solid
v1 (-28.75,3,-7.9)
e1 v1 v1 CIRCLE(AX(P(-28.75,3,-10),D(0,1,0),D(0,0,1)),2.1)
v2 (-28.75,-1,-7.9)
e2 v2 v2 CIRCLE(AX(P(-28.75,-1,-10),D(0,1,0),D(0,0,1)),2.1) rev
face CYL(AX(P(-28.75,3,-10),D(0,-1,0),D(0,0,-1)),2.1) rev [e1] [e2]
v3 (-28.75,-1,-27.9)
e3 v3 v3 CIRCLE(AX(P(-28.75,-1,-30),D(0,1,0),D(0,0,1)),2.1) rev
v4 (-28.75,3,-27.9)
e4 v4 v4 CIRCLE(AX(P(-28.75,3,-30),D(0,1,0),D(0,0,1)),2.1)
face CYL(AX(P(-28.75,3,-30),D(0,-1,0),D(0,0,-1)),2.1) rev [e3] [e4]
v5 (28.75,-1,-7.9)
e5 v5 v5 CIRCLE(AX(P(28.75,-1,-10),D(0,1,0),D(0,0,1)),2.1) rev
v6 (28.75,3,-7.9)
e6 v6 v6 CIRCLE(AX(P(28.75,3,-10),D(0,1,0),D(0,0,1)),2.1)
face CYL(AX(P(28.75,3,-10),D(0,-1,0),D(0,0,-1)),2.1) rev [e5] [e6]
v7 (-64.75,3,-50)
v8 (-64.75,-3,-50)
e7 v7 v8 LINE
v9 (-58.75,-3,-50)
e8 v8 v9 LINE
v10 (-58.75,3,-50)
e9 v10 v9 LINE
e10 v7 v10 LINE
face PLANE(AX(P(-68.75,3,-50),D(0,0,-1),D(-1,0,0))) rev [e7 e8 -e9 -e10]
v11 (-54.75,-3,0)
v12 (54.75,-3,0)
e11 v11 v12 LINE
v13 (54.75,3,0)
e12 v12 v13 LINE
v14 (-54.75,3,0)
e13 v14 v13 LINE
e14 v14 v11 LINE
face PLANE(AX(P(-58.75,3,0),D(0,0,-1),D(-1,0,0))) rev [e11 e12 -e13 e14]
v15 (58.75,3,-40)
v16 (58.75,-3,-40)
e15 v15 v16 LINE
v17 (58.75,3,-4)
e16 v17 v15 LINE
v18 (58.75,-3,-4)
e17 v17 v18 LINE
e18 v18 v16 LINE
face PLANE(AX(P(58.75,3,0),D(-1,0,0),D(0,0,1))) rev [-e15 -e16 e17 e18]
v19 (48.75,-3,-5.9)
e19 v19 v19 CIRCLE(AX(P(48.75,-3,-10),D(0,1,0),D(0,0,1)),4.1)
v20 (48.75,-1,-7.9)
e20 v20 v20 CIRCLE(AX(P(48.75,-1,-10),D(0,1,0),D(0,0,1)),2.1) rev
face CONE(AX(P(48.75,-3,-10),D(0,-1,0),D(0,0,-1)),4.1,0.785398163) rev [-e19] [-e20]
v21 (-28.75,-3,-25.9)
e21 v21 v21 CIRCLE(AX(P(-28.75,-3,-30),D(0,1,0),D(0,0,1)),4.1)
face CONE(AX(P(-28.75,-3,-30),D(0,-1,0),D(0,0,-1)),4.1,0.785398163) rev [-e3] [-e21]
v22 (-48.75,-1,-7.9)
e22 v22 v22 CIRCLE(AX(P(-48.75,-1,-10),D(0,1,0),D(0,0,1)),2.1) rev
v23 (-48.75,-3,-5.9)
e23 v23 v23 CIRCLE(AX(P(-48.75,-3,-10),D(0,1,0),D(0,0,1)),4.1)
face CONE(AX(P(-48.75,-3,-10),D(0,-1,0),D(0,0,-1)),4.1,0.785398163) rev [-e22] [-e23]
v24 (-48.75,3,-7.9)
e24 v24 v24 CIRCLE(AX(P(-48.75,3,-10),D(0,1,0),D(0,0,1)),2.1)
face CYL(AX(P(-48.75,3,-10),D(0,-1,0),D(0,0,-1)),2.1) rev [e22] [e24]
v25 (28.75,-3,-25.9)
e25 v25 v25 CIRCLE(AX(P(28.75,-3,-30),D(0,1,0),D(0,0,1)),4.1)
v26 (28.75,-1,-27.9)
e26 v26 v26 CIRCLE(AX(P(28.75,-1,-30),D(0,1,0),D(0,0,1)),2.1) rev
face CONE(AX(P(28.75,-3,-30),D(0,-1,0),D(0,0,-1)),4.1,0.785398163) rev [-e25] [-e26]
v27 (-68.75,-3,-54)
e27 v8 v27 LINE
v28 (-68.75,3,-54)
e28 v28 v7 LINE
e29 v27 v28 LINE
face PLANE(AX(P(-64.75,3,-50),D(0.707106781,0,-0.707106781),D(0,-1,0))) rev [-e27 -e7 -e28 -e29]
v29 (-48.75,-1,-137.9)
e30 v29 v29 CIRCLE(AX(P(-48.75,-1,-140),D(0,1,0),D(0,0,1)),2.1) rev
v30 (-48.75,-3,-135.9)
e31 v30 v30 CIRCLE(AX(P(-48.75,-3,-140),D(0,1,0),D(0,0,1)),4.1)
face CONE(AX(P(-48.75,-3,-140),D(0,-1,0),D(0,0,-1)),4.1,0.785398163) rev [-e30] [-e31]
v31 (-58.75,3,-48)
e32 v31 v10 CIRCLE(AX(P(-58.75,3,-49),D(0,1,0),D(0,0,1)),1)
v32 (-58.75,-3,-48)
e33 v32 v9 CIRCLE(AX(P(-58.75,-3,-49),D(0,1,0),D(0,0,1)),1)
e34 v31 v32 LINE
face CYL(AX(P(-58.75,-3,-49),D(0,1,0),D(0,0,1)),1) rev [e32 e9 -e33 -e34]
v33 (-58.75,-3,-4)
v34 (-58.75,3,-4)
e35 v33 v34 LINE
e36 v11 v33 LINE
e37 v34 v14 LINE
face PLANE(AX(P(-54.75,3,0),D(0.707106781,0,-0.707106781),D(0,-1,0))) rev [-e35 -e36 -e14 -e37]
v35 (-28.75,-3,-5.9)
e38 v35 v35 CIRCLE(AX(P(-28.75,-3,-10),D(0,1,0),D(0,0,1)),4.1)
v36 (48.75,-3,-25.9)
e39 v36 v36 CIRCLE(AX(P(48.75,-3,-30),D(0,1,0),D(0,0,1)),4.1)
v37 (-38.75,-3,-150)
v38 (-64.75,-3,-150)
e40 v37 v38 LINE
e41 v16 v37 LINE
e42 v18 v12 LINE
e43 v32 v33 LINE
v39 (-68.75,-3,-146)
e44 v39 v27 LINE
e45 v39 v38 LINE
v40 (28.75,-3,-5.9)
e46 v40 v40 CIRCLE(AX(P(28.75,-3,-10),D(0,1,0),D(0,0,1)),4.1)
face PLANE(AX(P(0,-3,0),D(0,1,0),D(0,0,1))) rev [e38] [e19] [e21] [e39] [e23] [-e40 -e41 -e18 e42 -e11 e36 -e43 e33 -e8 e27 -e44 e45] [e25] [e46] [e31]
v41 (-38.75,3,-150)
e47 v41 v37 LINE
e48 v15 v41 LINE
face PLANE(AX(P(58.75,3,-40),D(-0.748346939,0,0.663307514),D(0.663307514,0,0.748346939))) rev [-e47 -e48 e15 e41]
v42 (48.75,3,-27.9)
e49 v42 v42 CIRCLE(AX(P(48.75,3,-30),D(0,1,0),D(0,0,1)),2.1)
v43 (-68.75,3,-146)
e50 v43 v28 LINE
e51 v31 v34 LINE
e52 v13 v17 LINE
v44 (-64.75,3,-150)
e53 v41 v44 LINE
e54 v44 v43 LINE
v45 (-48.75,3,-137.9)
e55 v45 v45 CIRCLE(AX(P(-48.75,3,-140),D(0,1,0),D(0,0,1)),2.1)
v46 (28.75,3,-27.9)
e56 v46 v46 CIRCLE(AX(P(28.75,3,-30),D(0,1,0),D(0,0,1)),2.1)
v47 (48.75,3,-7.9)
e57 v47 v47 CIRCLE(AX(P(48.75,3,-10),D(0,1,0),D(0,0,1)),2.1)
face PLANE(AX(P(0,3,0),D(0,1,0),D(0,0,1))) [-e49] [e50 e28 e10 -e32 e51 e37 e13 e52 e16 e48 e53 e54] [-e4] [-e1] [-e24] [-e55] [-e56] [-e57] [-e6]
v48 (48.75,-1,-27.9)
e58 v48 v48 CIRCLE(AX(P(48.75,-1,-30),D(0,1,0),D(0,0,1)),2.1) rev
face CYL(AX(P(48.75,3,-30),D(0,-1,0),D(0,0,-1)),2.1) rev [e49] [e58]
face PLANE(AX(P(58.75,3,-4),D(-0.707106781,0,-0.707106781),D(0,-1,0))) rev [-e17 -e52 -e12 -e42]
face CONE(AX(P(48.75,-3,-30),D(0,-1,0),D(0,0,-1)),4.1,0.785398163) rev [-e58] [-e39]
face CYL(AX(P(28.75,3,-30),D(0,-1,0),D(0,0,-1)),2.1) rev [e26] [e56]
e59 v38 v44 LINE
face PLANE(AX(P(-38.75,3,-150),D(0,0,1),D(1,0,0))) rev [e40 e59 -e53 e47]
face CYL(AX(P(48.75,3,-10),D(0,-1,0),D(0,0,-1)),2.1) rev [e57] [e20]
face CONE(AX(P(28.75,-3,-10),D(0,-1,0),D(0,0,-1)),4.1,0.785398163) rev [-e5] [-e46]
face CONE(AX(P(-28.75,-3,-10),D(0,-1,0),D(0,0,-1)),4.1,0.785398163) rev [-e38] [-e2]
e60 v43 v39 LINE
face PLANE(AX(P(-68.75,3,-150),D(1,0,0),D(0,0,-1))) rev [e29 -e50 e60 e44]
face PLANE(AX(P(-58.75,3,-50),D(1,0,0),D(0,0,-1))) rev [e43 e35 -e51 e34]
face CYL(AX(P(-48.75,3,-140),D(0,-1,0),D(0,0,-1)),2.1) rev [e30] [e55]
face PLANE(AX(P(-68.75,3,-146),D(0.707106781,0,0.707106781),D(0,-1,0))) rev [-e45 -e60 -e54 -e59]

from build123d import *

# Parameters (mm, degrees)
SKETCH_1_R          = 2.1
EXTRUDE_1_DEPTH     = 3
SKETCH_2_R          = 1
CUT_EXTRUDE_1_DEPTH = 166.113786523
CHAMFER_1_SIZE      = 4
CHAMFER_2_SIZE      = 2


with BuildPart() as part:
    # 草图1 → 凸台-拉伸1 (new, symmetric)
    with BuildSketch(Plane(origin=(0, 0, 0), x_dir=(1, 0, 0), z_dir=(0, 1, 0))):
        Polygon((-68.75, 150), (-68.75, 50), (-58.75, 50), (-58.75, 0), (58.75, 0), (58.75, 40), (-38.75, 150), align=None)
        with Locations(Location((-48.75, 140, 0), (0, 0, 270))):
            Circle(SKETCH_1_R, mode=Mode.SUBTRACT)
        with Locations(Location((-48.75, 10, 0), (0, 0, 270))):
            Circle(SKETCH_1_R, mode=Mode.SUBTRACT)
        with Locations(Location((-28.75, 30, 0), (0, 0, 270))):
            Circle(SKETCH_1_R, mode=Mode.SUBTRACT)
        with Locations(Location((28.75, 30, 0), (0, 0, 270))):
            Circle(SKETCH_1_R, mode=Mode.SUBTRACT)
        with Locations(Location((-28.75, 10, 0), (0, 0, 270))):
            Circle(SKETCH_1_R, mode=Mode.SUBTRACT)
        with Locations(Location((28.75, 10, 0), (0, 0, 270))):
            Circle(SKETCH_1_R, mode=Mode.SUBTRACT)
        with Locations(Location((48.75, 30, 0), (0, 0, 270))):
            Circle(SKETCH_1_R, mode=Mode.SUBTRACT)
        with Locations(Location((48.75, 10, 0), (0, 0, 270))):
            Circle(SKETCH_1_R, mode=Mode.SUBTRACT)
    extrude(amount=EXTRUDE_1_DEPTH, both=True)

    # 草图2 → 切除-拉伸1 (cut, through all)
    with BuildSketch(Plane(origin=(0, 3, 0), x_dir=(1, 0, 0), z_dir=(0, 1, 0))):
        with Locations((-58.75, 49)):
            Circle(SKETCH_2_R)
    extrude(amount=-CUT_EXTRUDE_1_DEPTH, mode=Mode.SUBTRACT)

    # 倒角1
    chamfer_1_edges = [part.edges().sort_by_distance(p)[0] for p in [
        (58.75, 0, 0),
        (-58.75, 0, 0),
        (-68.75, 0, -50),
        (-68.75, 0, -150),
    ]]
    chamfer(chamfer_1_edges, length=CHAMFER_1_SIZE)

    # 倒角2
    chamfer_2_edges = [part.edges().sort_by_distance(p)[0] for p in [
        (-48.75, -3, -142.1),
        (-28.75, -3, -32.1),
        (-48.75, -3, -12.1),
        (28.75, -3, -32.1),
        (-28.75, -3, -12.1),
        (28.75, -3, -12.1),
        (48.75, -3, -12.1),
        (48.75, -3, -32.1),
    ]]
    chamfer(chamfer_2_edges, length=CHAMFER_2_SIZE)


solid = part.part
